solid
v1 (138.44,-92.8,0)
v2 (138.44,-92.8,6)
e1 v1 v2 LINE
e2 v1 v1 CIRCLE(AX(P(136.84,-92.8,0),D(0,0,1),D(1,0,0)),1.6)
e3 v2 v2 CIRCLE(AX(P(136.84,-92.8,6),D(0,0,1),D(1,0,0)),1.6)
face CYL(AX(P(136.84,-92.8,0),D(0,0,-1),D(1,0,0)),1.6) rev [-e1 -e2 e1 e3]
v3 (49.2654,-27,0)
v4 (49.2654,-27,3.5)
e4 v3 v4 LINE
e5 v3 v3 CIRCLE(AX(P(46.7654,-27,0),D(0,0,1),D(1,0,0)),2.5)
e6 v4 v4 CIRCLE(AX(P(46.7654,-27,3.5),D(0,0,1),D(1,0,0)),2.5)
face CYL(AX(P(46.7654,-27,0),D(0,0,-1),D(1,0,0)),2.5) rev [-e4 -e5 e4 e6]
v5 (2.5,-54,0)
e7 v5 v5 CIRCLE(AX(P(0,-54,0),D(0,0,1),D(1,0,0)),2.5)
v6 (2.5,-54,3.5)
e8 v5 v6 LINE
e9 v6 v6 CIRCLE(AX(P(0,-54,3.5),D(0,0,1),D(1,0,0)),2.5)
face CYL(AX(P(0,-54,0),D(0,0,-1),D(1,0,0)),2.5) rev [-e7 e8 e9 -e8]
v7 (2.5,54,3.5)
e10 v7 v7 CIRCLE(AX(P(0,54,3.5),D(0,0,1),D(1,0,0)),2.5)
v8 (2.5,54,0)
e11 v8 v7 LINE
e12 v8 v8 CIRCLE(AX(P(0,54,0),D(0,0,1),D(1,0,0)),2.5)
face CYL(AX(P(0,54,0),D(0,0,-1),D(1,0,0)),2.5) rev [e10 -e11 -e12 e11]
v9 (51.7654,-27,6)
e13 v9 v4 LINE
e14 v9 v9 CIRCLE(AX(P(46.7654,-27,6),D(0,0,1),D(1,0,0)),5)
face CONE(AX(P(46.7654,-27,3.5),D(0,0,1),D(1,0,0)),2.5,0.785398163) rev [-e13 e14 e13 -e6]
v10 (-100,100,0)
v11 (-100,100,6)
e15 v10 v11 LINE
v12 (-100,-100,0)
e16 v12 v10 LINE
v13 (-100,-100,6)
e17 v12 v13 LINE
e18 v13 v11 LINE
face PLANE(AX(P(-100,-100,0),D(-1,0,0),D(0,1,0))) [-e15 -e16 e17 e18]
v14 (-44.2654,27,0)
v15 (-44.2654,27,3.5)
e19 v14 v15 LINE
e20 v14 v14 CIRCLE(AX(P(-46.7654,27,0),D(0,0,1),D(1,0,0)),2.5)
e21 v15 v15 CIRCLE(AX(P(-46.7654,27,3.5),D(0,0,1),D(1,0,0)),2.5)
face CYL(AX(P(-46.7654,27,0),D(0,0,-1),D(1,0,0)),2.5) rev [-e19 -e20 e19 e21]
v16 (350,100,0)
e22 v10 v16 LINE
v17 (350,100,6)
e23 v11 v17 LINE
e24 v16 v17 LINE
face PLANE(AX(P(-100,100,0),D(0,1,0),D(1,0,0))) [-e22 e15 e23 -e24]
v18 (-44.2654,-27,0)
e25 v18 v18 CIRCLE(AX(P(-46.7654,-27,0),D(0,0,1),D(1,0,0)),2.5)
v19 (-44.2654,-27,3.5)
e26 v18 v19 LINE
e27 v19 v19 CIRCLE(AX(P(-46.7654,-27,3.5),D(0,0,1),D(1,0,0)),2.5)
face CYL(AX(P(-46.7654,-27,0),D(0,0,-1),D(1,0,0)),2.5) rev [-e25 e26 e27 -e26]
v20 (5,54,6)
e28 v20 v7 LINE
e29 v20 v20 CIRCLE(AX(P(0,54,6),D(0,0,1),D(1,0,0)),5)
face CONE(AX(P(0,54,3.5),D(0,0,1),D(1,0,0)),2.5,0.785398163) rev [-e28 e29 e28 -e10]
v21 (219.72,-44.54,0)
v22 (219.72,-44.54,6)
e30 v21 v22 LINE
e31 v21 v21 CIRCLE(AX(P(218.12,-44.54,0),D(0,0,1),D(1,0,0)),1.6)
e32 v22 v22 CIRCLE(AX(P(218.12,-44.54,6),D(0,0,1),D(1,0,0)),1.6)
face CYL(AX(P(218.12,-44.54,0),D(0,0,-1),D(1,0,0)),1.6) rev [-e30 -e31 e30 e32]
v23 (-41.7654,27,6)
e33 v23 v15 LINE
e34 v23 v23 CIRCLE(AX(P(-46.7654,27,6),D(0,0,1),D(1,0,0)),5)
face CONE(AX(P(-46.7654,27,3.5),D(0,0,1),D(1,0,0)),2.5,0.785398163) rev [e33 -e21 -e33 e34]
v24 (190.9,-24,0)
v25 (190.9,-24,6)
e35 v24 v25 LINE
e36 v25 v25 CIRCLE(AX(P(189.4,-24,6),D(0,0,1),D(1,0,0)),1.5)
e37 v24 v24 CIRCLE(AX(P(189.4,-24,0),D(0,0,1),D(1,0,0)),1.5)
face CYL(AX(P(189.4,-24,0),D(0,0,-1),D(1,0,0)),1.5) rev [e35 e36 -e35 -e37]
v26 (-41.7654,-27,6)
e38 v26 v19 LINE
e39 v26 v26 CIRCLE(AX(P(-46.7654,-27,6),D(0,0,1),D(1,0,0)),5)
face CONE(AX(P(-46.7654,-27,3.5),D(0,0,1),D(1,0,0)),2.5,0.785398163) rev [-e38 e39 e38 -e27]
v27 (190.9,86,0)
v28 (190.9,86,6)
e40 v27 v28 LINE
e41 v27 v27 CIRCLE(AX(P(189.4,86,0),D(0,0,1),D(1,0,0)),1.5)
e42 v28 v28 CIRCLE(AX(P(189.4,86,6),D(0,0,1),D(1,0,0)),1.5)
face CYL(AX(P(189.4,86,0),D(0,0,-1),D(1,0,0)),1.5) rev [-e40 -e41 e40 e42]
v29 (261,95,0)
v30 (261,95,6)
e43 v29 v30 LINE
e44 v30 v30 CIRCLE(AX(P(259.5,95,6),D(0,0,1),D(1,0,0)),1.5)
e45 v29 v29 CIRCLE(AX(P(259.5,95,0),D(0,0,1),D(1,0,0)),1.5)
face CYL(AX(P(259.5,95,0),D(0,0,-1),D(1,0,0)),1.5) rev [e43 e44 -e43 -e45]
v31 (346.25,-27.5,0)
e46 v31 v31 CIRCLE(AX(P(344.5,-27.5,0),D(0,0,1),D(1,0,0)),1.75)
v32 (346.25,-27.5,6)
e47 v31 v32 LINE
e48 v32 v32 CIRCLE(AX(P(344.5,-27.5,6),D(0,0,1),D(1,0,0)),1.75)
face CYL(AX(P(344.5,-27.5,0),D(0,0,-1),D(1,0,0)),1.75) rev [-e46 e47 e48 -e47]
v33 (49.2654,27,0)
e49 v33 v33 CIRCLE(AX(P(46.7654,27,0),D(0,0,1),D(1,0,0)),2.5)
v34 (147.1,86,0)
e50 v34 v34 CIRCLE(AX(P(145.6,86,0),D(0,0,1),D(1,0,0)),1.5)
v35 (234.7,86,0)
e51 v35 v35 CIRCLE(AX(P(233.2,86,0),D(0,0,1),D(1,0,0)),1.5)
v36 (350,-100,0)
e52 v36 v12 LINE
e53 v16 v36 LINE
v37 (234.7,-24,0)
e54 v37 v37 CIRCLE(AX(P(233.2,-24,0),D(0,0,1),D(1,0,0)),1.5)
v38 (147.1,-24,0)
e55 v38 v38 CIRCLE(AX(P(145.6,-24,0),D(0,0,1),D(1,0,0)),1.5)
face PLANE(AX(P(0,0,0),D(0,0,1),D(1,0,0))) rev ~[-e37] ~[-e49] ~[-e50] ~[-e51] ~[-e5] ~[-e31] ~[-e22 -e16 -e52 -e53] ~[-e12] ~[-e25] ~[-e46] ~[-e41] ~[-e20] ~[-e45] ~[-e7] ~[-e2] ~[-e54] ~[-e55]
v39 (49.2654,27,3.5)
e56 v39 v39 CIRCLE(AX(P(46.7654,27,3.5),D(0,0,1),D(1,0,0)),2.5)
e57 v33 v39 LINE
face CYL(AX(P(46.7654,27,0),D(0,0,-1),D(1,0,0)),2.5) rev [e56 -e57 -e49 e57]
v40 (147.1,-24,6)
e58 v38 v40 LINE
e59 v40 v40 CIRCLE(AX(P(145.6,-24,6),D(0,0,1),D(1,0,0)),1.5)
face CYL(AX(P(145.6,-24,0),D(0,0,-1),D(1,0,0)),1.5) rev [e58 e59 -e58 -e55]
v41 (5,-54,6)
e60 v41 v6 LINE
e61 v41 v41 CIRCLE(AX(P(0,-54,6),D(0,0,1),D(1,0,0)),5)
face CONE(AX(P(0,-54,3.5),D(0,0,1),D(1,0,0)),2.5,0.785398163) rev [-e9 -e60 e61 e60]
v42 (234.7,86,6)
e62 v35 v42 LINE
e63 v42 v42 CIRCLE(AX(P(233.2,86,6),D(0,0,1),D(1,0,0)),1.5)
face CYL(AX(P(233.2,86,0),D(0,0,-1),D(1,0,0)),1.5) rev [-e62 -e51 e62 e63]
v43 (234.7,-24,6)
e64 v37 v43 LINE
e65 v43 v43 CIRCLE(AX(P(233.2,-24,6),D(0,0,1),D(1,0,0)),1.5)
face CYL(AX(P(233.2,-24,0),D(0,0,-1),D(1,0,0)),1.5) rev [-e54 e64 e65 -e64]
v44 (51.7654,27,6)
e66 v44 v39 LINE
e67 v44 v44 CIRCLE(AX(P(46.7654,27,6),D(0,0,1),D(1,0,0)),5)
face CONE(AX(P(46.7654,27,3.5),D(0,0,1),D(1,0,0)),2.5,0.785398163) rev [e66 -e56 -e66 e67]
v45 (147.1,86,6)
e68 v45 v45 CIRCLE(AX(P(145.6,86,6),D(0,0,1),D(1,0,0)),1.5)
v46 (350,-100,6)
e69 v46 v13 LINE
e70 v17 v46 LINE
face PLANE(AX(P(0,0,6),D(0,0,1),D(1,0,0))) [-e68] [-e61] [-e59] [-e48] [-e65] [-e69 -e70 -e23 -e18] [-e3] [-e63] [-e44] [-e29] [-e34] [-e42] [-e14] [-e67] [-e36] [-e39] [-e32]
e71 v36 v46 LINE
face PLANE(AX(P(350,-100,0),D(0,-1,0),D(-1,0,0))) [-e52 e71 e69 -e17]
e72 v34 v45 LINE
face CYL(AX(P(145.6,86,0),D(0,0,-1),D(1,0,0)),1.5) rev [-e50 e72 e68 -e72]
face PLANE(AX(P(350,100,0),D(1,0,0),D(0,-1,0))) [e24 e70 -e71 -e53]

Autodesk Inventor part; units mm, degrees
ref_plane "YZ Plane" through (0, 0, 0) normal (1, 0, 0) x (0, 1, 0)
ref_plane "XZ Plane" through (0, 0, 0) normal (0, 1, 0) x (-1, 0, 0)
ref_plane "XY Plane" through (0, 0, 0) normal (0, 0, 1) x (1, 0, 0)
sketch "草圖1" plane through (0, 0, 0) normal (0, 0, 1) x (1, 0, 0)
  circle A0 centre (0, 0) radius 60 construction
  circle A1 centre (0, 0) radius 48 construction
  line L0 (350, -100) -> (-100, -100)
  line L1 (-100, -100) -> (-100, 100)
  line L2 (-100, 100) -> (350, 100)
  line L3 (350, 100) -> (350, -100)
  circle A2 centre (0, 54) radius 2.5
  circle A3 centre (-46.7654, 27) radius 2.5
  circle A4 centre (-46.7654, -27) radius 2.5
  circle A5 centre (0, -54) radius 2.5
  circle A6 centre (46.7654, -27) radius 2.5
  circle A7 centre (46.7654, 27) radius 2.5
  circle A8 centre (218.12, -44.54) radius 1.6 projected
  circle A9 centre (136.84, -92.8) radius 1.6 projected
  arc A10 (147.6, -24) -> (143.6, -24) centre (145.6, -24) ccw projected
  arc A11 (191.4, -24) -> (187.4, -24) centre (189.4, -24) ccw projected
  arc A12 (143.6, 86) -> (147.6, 86) centre (145.6, 86) ccw projected
  arc A13 (187.4, 86) -> (191.4, 86) centre (189.4, 86) ccw projected
  arc A14 (231.2, 86) -> (235.2, 86) centre (233.2, 86) ccw projected
  arc A15 (235.2, -24) -> (231.2, -24) centre (233.2, -24) ccw projected
  circle A16 centre (344.5, -27.5) radius 1.75 projected
  arc A17 (257.75, 95) -> (261.25, 95) centre (259.5, 95) ccw projected
  circle A18 centre (259.5, 95) radius 1.5
  circle A19 centre (233.2, 86) radius 1.5
  circle A20 centre (189.4, 86) radius 1.5
  circle A21 centre (145.6, 86) radius 1.5
  circle A22 centre (145.6, -24) radius 1.5
  circle A23 centre (189.4, -24) radius 1.5
  circle A24 centre (233.2, -24) radius 1.5
  circle A25 centre (218.12, -44.54) radius 1.5
  circle A26 centre (136.84, -92.8) radius 1.5
  circle A27 centre (344.5, -27.5) radius 1.5
  circle A28 centre (0, -54) radius 3.275 projected
  circle A29 centre (0, 54) radius 3.275 projected
  circle A30 centre (46.7654, -27) radius 3.275 projected
  circle A31 centre (-46.7654, -27) radius 3.275 projected
  circle A32 centre (-46.7654, 27) radius 3.275 projected
  circle A33 centre (46.7654, 27) radius 3.275 projected
  point P0 (0, 0)
  dimension "d0" = 450
  dimension "d1" = 200
  dimension "d2" = 100
  dimension "d3" = 100
  dimension "d6" = 5
  dimension "d9" = 360
  dimension "d14" = 3
  dimension "d15" = 3
  dimension "d16" = 3
  dimension "d17" = 3
  dimension "d18" = 3
  dimension "d19" = 3
  dimension "d20" = 3
  dimension "d21" = 3
  dimension "d22" = 3
  dimension "d23" = 3
extrude "擠出1" add sketch "草圖1" along normal blind 6 contours L0 L1 L2 L3 | A28 | A29 | A30 | A31 | A32 | A33
chamfer "倒角1" distance 2.5 angle 45 6 edges at (-2.5, -54, 6) (-49.2654, -27, 6) (-49.2654, 27, 6) (-2.5, 54, 6) (44.2654, 27, 6) (44.2654, -27, 6)
sketch "草圖2" plane through (0, 0, 0) normal (0, 0, -1) x (-1, 0, 0)
  line L0 (-350, 100) -> (100, 100) projected
  line L1 (-350, -100) -> (-350, 100) projected
  line L2 (100, -100) -> (-350, -100) projected
  line L3 (100, 100) -> (100, -100) projected
  circle A0 centre (0, 54) radius 2.5 projected
  circle A1 centre (46.7654, 27) radius 2.5 projected
  circle A2 centre (46.7654, -27) radius 2.5 projected
  circle A3 centre (0, -54) radius 2.5 projected
  circle A4 centre (-46.7654, -27) radius 2.5 projected
  circle A5 centre (-46.7654, 27) radius 2.5 projected
  circle A6 centre (-233.2, -24) radius 1.5 projected
  circle A7 centre (-189.4, -24) radius 1.5 projected
  circle A8 centre (-145.6, -24) radius 1.5 projected
  circle A9 centre (-145.6, 86) radius 1.5 projected
  circle A10 centre (-189.4, 86) radius 1.5 projected
  circle A11 centre (-233.2, 86) radius 1.5 projected
  circle A12 centre (-259.5, 95) radius 1.5 projected
  circle A13 centre (-344.5, -27.5) radius 1.75 projected
  circle A14 centre (-136.84, -92.8) radius 1.6 projected
  circle A15 centre (-218.12, -44.54) radius 1.6 projected
  point P0 (0, 0)
properties part number "base plate"
